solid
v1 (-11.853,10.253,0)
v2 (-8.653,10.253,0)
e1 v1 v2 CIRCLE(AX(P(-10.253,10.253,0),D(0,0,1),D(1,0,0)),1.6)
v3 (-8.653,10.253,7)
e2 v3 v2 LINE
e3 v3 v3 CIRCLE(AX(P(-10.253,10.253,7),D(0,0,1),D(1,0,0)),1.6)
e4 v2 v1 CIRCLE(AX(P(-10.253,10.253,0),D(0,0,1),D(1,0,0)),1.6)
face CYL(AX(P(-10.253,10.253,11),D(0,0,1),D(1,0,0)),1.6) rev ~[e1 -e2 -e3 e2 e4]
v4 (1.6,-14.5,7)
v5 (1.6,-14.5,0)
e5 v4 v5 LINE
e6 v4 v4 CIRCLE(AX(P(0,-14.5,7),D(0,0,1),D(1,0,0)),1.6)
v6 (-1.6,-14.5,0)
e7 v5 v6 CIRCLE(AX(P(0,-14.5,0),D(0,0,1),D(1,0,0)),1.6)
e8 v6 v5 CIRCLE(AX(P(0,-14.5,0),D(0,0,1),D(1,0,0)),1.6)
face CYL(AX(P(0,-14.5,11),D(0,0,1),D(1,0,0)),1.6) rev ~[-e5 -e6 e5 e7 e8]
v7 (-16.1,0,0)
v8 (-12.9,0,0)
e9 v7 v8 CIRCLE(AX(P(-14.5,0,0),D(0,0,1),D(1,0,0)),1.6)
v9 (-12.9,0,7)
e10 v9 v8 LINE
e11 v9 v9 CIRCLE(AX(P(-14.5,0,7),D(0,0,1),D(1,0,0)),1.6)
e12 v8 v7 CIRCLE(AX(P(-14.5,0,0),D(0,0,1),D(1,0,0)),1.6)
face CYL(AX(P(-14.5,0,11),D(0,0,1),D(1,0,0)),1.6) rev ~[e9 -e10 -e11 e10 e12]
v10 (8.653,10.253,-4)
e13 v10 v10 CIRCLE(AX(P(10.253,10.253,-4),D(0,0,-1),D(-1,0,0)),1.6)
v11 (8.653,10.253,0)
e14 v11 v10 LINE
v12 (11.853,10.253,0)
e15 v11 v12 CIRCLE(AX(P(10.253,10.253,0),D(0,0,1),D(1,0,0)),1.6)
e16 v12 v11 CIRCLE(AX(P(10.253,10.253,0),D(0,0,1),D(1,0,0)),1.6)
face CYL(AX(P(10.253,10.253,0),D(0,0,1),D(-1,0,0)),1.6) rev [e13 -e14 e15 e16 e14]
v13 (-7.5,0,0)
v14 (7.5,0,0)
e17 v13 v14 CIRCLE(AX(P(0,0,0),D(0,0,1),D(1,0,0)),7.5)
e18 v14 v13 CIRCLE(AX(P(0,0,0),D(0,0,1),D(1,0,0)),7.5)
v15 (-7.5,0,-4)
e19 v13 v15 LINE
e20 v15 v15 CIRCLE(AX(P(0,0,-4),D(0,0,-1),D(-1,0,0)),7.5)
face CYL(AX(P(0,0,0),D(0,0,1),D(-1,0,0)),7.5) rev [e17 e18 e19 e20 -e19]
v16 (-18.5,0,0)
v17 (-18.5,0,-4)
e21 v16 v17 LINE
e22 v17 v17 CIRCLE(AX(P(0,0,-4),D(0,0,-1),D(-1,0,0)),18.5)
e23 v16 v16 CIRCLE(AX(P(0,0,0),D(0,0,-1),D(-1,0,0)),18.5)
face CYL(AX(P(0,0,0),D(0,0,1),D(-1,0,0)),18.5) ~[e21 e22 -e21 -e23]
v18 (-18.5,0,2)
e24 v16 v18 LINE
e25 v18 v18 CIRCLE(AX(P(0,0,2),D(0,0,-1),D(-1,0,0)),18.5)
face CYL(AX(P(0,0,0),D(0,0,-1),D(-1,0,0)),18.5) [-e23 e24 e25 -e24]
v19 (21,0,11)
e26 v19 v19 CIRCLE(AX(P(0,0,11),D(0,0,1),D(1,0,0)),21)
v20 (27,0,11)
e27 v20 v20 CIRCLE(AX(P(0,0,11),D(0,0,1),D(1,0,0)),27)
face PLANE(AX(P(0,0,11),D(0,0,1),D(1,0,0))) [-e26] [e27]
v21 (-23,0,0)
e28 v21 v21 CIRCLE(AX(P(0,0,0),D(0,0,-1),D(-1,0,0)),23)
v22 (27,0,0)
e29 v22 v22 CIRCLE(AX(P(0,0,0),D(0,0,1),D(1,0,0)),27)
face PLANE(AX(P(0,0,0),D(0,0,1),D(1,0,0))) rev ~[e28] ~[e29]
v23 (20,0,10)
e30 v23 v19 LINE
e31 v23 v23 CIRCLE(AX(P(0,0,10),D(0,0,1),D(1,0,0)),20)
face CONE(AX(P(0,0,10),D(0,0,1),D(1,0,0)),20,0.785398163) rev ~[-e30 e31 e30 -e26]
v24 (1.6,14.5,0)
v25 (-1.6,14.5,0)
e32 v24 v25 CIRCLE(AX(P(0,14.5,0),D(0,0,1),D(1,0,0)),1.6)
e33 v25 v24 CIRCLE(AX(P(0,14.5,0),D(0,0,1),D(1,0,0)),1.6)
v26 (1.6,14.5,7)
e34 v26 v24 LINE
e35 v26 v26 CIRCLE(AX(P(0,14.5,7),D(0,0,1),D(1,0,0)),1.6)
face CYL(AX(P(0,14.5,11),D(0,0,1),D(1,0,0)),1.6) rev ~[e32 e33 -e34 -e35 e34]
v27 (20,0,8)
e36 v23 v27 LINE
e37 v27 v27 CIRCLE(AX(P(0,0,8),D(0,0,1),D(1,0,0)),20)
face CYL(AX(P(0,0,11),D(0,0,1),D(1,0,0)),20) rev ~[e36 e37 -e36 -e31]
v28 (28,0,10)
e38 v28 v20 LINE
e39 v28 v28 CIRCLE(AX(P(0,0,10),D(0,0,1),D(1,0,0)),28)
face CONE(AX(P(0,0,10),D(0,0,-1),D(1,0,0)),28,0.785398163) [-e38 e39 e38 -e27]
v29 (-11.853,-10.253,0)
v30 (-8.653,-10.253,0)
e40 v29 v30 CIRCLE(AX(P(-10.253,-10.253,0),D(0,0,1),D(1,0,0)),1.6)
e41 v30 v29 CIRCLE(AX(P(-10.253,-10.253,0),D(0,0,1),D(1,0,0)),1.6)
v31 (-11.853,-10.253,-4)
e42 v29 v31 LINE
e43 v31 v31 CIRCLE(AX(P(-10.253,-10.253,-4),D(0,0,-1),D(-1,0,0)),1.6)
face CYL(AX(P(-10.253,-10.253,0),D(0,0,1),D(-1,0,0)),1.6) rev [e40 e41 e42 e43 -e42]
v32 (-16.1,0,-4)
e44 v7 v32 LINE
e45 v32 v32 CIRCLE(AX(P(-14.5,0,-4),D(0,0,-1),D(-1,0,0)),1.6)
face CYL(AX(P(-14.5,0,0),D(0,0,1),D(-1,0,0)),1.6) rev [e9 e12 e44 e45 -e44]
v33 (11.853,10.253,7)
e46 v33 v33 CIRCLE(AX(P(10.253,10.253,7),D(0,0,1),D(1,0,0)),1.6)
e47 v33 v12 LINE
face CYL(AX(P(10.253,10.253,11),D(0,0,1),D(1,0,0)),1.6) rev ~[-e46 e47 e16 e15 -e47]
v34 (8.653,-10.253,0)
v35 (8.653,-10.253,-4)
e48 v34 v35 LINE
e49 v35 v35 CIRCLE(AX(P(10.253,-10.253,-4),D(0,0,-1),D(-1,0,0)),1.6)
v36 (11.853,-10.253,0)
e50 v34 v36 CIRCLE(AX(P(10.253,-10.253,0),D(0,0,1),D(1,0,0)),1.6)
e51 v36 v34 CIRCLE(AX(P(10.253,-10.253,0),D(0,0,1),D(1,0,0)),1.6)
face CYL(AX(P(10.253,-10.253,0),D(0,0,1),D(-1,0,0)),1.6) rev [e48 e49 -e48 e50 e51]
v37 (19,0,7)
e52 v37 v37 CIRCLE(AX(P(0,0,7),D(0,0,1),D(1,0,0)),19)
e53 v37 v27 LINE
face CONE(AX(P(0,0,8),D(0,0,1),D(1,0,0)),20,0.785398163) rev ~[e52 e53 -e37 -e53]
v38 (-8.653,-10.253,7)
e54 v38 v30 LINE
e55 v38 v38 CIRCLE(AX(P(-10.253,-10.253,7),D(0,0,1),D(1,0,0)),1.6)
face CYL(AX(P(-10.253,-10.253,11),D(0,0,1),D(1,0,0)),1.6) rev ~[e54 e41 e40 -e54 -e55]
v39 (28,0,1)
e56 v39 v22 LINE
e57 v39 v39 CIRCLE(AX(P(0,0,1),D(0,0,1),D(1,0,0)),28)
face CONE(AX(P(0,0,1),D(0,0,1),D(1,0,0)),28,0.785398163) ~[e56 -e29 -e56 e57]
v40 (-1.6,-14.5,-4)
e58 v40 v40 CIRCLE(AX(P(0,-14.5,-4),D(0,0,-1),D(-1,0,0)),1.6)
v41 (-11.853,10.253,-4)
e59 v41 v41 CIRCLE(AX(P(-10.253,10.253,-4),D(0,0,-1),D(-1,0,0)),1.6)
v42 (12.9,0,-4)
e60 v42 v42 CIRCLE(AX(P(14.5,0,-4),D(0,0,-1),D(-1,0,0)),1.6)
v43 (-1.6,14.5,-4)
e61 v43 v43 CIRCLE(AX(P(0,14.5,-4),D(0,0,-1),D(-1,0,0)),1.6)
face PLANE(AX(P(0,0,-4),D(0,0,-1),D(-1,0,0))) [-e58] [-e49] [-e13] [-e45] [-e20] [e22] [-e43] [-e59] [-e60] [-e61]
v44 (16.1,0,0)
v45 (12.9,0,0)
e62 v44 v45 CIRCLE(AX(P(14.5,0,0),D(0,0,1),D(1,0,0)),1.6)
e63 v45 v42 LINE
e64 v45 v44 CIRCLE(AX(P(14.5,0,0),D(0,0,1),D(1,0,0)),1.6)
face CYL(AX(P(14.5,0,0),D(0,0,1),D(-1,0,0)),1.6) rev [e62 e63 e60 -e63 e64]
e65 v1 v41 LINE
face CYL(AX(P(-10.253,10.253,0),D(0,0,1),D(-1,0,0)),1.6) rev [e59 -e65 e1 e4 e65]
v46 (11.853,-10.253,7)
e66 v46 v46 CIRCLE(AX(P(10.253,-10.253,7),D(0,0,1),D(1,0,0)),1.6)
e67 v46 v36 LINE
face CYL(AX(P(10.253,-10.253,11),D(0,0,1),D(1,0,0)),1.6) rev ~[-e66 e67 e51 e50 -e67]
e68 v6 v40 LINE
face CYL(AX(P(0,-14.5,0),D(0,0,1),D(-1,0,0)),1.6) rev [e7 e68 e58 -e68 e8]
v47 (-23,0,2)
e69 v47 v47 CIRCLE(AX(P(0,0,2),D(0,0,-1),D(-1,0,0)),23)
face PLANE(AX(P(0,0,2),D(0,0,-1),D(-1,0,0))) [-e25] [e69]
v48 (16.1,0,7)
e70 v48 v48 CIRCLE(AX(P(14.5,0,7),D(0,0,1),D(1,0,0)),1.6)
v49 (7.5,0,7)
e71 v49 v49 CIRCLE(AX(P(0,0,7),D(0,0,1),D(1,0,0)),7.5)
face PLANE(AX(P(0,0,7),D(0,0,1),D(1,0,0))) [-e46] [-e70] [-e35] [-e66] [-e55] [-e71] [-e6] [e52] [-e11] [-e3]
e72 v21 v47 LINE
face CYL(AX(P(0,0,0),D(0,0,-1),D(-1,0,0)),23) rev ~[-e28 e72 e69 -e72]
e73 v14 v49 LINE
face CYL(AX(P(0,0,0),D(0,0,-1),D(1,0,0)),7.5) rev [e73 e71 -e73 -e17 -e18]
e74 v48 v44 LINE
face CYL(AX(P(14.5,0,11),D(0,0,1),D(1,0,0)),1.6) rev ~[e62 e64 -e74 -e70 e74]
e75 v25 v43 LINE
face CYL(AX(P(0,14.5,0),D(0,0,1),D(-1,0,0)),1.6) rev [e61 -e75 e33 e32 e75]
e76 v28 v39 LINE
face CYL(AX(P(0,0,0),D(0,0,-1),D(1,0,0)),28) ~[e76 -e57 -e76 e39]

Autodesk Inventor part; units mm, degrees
ref_plane "YZ Plane" through (0, 0, 0) normal (1, 0, 0) x (0, 1, 0)
ref_plane "XZ Plane" through (0, 0, 0) normal (0, 1, 0) x (-1, 0, 0)
ref_plane "XY Plane" through (0, 0, 0) normal (0, 0, 1) x (1, 0, 0)
sketch "草图1" plane through (0, 0, 0) normal (0, 0, 1) x (1, 0, 0)
  circle A0 centre (0, 0) radius 28
  circle A1 centre (0, 0) radius 7.5
  dimension "d0" = 56
  dimension "d1" = 15
extrude "拉伸1" add sketch "草图1" along normal blind 9
sketch "草图2" plane through (0, 0, 9) normal (0, 0, 1) x (1, 0, 0)
  circle A0 centre (0, 0) radius 28 projected
  circle A1 centre (0, 0) radius 7.5
  dimension "d4" = 15
extrude "拉伸2" add sketch "草图2" along normal blind 2
sketch "草图3" plane through (0, 0, 11) normal (0, 0, 1) x (1, 0, 0)
  circle A0 centre (0, 0) radius 14.5 construction
  line L0 (-36.9419, 0) -> (43.6936, 0) construction
  circle A1 centre (14.5, 0) radius 1.6
  circle A2 centre (10.253, 10.253) radius 1.6
  circle A3 centre (0, 14.5) radius 1.6
  circle A4 centre (-10.253, 10.253) radius 1.6
  circle A5 centre (-14.5, 0) radius 1.6
  circle A6 centre (-10.253, -10.253) radius 1.6
  circle A7 centre (0, -14.5) radius 1.6
  circle A8 centre (10.253, -10.253) radius 1.6
  dimension "d7" = 29
  dimension "d8" = 3.2
  dimension "d11" = 360
extrude "拉伸3" cut sketch "草图3" against normal through all
chamfer "倒角1" distance 1 angle 45 2 edges at (-28, 0, 0) (-28, 0, 11)
sketch "草图4" plane through (0, 0, 0) normal (0, 0, -1) x (-1, 0, 0)
  circle A0 centre (0, 0) radius 18.5
  circle A1 centre (0, 0) radius 23
  dimension "d18" = 37
  dimension "d19" = 46
extrude "拉伸4" cut sketch "草图4" against normal blind 2
sketch "草图6" plane through (0, 0, 0) normal (0, 0, -1) x (-1, 0, 0)
  circle A0 centre (0, 0) radius 18.5 projected
  circle A1 centre (0, 0) radius 7.5 projected
  circle A2 centre (-14.5, 0) radius 1.6 projected
  circle A3 centre (-10.253, 10.253) radius 1.6 projected
  circle A4 centre (0, 14.5) radius 1.6 projected
  circle A5 centre (10.253, 10.253) radius 1.6 projected
  circle A6 centre (14.5, 0) radius 1.6 projected
  circle A7 centre (10.253, -10.253) radius 1.6 projected
  circle A8 centre (0, -14.5) radius 1.6 projected
  circle A9 centre (-10.253, -10.253) radius 1.6 projected
extrude "拉伸6" add sketch "草图6" along normal blind 4
sketch "草图7" plane through (0, 0, 11) normal (0, 0, 1) x (1, 0, 0)
  circle A0 centre (0, 0) radius 20
  circle A1 centre (0, 0) radius 7.5 projected
  dimension "d34" = 40
extrude "拉伸7" cut sketch "草图7" against normal blind 4
chamfer "倒角3" distance 1 angle 45 2 edges at (-20, 0, 11) (-20, 0, 7)
properties part number "内轮"
